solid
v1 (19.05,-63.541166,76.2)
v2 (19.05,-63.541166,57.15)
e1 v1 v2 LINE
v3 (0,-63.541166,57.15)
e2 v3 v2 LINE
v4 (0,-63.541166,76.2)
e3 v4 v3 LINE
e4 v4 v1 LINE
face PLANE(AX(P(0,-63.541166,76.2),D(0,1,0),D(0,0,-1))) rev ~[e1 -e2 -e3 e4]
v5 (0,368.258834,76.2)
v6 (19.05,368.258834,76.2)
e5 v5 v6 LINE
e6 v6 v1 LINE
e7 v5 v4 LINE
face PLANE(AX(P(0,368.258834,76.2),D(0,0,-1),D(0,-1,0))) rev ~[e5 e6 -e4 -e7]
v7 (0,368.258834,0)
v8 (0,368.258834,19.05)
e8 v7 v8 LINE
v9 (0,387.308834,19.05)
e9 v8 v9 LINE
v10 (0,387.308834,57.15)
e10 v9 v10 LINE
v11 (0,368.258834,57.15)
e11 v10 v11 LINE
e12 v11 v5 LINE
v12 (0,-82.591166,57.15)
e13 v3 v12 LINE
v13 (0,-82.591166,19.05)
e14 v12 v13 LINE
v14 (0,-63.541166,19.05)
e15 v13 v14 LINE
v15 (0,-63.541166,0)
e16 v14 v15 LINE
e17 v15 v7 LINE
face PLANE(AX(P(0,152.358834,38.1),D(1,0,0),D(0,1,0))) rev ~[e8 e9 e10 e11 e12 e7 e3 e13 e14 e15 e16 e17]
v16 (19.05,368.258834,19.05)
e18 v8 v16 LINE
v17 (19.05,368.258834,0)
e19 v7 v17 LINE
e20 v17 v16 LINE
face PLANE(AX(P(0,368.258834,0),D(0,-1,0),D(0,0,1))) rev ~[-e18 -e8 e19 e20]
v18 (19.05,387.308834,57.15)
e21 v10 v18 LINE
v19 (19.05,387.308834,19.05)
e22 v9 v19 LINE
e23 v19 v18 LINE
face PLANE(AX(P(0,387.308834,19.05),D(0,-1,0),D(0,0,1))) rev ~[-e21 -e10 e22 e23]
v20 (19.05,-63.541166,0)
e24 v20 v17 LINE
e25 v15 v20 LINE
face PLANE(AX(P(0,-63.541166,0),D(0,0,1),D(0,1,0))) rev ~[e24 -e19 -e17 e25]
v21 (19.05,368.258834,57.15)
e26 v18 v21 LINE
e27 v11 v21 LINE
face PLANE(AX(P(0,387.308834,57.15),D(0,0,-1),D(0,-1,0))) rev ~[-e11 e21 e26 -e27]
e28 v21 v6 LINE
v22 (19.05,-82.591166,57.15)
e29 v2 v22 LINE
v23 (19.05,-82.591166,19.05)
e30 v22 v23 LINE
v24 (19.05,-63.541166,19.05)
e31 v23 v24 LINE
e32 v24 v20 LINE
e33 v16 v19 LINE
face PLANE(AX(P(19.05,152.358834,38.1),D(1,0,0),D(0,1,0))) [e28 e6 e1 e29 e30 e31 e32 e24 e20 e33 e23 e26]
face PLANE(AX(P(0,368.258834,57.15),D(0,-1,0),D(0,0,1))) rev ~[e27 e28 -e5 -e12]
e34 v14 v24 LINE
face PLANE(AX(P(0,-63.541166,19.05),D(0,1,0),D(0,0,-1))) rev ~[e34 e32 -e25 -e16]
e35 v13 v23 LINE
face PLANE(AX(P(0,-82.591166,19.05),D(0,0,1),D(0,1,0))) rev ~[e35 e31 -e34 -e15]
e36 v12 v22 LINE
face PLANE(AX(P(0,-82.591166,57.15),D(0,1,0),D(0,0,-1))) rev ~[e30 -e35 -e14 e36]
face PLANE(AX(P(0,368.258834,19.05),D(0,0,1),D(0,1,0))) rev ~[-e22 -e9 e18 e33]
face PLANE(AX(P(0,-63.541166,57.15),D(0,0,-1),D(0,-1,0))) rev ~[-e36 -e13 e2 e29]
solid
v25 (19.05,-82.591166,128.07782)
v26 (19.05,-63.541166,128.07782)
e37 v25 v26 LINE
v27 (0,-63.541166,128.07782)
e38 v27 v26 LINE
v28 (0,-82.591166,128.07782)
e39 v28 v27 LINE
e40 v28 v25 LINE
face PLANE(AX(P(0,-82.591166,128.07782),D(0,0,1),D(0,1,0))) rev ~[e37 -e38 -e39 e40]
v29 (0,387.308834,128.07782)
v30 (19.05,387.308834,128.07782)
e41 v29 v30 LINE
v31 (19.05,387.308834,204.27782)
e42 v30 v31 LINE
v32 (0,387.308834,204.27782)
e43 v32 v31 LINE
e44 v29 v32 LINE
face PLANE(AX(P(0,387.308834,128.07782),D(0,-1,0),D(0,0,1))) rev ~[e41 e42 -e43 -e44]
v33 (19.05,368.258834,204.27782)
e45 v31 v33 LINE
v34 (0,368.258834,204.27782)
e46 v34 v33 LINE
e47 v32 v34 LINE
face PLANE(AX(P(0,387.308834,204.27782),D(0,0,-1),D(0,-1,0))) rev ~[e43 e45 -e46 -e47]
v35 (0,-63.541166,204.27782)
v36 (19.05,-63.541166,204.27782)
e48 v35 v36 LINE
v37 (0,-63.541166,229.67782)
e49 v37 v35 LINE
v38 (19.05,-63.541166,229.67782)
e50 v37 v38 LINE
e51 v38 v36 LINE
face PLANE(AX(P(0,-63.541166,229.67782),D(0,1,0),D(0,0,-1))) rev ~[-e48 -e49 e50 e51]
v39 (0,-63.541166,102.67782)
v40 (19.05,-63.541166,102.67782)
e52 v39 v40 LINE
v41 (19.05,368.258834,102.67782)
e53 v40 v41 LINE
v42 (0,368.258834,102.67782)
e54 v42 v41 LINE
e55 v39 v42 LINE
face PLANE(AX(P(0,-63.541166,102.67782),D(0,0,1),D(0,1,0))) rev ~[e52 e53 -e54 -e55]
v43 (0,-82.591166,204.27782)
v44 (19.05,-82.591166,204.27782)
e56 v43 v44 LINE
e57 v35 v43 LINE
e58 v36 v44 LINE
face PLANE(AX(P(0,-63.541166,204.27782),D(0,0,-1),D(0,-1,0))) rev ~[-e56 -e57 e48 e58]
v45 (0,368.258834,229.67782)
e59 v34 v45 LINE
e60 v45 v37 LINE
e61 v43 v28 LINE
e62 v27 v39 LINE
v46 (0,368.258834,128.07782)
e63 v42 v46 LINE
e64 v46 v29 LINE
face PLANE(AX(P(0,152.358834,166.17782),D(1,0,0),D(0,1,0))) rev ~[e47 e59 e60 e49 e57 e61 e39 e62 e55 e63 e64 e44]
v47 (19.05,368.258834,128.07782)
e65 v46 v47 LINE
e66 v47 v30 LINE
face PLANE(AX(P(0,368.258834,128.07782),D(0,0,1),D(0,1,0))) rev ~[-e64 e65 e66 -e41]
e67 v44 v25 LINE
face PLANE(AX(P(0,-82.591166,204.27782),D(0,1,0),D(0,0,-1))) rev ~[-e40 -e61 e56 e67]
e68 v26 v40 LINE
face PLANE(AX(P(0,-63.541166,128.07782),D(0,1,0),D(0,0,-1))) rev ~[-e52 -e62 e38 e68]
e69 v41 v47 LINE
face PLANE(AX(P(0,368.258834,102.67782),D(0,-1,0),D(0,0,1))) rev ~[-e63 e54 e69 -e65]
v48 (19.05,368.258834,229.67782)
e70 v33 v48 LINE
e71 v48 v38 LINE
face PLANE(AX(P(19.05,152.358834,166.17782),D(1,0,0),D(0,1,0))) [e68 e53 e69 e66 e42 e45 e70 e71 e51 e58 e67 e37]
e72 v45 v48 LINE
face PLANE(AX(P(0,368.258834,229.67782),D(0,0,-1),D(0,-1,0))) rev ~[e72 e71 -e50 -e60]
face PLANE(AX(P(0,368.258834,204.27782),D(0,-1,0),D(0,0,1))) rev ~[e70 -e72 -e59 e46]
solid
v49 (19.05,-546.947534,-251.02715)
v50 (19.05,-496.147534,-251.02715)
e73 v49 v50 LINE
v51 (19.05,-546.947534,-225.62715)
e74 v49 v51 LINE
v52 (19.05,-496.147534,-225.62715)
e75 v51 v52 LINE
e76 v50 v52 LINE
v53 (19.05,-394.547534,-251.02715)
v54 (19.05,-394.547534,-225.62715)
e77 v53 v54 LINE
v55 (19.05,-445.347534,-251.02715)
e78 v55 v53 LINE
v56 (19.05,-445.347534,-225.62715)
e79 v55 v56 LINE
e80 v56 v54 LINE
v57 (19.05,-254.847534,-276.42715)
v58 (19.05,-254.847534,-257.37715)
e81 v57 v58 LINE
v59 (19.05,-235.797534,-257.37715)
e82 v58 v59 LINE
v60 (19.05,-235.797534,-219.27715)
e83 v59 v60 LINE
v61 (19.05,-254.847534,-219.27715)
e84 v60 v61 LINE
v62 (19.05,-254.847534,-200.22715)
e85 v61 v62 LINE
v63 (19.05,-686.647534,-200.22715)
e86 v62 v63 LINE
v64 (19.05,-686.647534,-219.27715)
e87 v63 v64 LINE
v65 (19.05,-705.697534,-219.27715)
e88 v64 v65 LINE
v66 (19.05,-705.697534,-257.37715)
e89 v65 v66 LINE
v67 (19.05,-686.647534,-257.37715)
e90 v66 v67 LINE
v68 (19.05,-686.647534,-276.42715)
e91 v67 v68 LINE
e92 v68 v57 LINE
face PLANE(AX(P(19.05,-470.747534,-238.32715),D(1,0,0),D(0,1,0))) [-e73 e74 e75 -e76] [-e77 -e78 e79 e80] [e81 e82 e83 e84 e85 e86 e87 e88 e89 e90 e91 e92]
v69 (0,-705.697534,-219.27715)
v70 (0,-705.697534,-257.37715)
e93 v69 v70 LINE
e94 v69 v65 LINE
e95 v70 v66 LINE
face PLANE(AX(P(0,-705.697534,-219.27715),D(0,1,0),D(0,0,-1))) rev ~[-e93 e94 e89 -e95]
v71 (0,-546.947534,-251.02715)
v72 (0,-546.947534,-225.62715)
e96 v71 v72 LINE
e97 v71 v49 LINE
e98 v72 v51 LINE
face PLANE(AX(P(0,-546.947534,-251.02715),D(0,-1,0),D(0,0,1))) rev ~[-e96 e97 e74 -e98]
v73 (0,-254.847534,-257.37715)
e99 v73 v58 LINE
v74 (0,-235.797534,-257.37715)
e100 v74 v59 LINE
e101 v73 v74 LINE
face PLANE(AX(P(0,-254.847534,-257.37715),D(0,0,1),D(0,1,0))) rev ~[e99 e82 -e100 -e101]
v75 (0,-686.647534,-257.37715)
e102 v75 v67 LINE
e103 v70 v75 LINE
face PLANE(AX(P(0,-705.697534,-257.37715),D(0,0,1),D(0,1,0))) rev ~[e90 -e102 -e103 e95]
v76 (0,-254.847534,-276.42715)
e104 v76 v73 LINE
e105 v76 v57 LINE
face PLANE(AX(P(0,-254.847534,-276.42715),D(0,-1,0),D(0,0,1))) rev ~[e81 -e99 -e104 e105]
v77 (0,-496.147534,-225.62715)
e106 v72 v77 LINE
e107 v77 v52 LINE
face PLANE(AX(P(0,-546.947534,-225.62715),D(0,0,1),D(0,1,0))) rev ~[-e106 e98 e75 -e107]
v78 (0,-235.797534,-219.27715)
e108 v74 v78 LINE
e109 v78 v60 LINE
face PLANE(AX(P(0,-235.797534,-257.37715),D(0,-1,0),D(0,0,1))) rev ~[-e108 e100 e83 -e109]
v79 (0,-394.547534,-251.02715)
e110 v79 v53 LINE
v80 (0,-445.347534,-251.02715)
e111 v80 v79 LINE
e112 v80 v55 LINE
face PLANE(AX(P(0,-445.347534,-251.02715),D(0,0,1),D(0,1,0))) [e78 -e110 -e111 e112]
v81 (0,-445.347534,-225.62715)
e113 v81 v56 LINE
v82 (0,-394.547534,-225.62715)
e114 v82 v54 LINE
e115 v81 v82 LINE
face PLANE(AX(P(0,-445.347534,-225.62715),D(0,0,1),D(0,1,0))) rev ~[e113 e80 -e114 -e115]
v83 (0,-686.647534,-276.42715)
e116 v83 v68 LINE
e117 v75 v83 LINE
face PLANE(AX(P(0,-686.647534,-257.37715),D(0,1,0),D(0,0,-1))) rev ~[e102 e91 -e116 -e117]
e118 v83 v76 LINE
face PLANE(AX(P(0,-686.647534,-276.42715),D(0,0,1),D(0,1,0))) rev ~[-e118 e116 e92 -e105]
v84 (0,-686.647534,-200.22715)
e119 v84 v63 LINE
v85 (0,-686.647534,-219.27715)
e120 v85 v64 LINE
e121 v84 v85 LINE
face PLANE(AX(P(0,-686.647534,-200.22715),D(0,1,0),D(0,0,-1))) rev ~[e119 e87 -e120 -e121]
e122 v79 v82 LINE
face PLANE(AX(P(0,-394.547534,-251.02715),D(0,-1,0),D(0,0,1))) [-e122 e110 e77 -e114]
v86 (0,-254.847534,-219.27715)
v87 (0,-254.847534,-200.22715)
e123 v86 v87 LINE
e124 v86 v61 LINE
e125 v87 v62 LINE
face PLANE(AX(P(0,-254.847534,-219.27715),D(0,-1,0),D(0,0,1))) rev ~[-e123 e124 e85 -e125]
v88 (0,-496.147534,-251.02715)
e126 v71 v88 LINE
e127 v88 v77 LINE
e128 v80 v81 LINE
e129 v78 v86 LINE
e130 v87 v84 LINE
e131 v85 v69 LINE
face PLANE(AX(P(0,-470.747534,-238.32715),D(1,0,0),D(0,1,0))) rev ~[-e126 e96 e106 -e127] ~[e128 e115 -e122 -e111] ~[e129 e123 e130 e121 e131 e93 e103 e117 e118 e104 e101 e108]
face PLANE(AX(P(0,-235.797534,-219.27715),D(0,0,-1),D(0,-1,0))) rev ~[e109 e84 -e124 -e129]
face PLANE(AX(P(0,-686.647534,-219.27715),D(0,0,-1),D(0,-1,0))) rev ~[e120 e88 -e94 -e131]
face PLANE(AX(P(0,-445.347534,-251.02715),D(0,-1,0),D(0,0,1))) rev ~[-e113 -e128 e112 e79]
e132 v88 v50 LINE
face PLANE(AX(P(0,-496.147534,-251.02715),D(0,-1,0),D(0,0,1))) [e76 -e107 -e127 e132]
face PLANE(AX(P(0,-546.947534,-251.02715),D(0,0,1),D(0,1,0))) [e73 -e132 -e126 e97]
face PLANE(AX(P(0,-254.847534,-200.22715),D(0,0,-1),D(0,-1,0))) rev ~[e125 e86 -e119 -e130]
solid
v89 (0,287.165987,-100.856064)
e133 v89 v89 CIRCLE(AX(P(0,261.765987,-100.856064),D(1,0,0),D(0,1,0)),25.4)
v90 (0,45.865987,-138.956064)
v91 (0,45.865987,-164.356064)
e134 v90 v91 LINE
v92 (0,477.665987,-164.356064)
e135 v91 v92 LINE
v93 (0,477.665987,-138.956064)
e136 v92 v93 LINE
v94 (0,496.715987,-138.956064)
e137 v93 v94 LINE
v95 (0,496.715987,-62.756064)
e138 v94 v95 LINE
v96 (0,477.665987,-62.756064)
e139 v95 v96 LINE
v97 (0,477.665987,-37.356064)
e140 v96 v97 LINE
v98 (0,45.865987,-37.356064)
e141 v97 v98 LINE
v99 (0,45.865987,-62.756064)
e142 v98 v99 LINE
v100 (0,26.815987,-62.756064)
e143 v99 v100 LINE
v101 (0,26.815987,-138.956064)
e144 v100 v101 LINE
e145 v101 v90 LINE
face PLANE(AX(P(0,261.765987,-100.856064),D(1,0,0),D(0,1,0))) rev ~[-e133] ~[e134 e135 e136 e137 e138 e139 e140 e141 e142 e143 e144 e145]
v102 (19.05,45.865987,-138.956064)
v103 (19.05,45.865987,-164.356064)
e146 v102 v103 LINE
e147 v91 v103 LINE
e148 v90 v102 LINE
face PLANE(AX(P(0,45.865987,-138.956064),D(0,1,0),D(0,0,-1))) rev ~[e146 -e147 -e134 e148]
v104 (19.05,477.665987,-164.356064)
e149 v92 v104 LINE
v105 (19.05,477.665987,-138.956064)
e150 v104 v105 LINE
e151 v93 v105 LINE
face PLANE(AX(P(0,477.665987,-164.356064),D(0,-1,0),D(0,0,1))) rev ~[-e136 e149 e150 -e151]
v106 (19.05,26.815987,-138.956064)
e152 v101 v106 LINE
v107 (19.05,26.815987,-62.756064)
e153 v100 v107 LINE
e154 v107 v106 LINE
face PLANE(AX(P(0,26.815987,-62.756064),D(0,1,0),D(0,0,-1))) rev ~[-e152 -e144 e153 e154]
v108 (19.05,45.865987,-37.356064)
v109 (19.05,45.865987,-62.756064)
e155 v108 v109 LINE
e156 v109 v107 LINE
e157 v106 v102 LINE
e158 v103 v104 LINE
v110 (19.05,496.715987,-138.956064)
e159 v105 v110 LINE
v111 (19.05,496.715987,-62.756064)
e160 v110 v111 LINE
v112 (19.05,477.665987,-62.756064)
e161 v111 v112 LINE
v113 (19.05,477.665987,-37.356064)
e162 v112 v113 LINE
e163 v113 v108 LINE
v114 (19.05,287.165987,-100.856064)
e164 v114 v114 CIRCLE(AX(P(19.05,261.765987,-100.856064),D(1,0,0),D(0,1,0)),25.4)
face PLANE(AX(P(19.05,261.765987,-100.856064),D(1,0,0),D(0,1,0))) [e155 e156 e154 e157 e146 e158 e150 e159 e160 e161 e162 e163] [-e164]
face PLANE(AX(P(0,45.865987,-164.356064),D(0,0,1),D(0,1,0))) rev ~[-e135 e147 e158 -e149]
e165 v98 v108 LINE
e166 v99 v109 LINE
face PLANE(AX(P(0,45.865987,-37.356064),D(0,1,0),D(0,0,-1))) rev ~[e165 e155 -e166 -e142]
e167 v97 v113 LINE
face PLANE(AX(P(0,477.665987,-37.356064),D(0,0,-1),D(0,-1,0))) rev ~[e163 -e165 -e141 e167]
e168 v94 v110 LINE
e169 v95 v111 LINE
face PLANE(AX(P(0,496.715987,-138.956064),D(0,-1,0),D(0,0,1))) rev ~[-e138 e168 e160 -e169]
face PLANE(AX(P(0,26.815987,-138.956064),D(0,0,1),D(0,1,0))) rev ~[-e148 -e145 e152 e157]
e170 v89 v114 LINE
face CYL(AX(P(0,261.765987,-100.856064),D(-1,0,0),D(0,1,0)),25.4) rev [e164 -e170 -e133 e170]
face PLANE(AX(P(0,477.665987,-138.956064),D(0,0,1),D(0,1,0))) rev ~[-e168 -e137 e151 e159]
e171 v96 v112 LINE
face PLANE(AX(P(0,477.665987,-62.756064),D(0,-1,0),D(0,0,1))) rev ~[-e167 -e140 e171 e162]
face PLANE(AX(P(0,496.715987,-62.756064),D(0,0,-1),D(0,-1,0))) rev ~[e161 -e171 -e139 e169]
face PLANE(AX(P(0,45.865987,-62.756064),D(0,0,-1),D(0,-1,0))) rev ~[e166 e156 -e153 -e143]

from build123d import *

# Parameters (mm, degrees)
F1_DEPTH = 19.05
F0_R     = 25.4
F0_W     = 50.8
F0_H     = 25.4
F2_DEPTH = 19.05


with BuildPart() as f1:
    # F0 (on Right) → F1 (new body)
    with BuildSketch(Plane.YZ):
        Polygon((-63.541166, 19.05), (-63.541166, 0), (368.258834, 0), (368.258834, 19.05), (387.308834, 19.05), (387.308834, 57.15), (368.258834, 57.15), (368.258834, 76.2), (-63.541166, 76.2), (-63.541166, 57.15), (-82.591166, 57.15), (-82.591166, 19.05), align=None)
    extrude(amount=F1_DEPTH)

    # F0 (on Right) → F2 (join)
    with BuildSketch(Plane.YZ):
        Polygon((-63.541166, 19.05), (-63.541166, 0), (368.258834, 0), (368.258834, 19.05), (387.308834, 19.05), (387.308834, 57.15), (368.258834, 57.15), (368.258834, 76.2), (-63.541166, 76.2), (-63.541166, 57.15), (-82.591166, 57.15), (-82.591166, 19.05), align=None)
        Polygon((-63.541166, 102.67782), (368.258834, 102.67782), (368.258834, 128.07782), (387.308834, 128.07782), (387.308834, 204.27782), (368.258834, 204.27782), (368.258834, 229.67782), (-63.541166, 229.67782), (-63.541166, 204.27782), (-82.591166, 204.27782), (-82.591166, 128.07782), (-63.541166, 128.07782), align=None)
        Polygon((45.865987, -164.356064), (477.665987, -164.356064), (477.665987, -138.956064), (496.715987, -138.956064), (496.715987, -62.756064), (477.665987, -62.756064), (477.665987, -37.356064), (45.865987, -37.356064), (45.865987, -62.756064), (26.815987, -62.756064), (26.815987, -138.956064), (45.865987, -138.956064), align=None)
        with Locations((261.765987, -100.856064)):
            Circle(F0_R, mode=Mode.SUBTRACT)
        Polygon((-686.647534, -257.37715), (-686.647534, -276.42715), (-254.847534, -276.42715), (-254.847534, -257.37715), (-235.797534, -257.37715), (-235.797534, -219.27715), (-254.847534, -219.27715), (-254.847534, -200.22715), (-686.647534, -200.22715), (-686.647534, -219.27715), (-705.697534, -219.27715), (-705.697534, -257.37715), align=None)
        with Locations((-521.547534, -238.32715)):
            Rectangle(F0_W, F0_H, mode=Mode.SUBTRACT)
        with Locations((-419.947534, -238.32715)):
            Rectangle(F0_W, F0_H, mode=Mode.SUBTRACT)
    extrude(amount=F2_DEPTH)


solid = f1.part
